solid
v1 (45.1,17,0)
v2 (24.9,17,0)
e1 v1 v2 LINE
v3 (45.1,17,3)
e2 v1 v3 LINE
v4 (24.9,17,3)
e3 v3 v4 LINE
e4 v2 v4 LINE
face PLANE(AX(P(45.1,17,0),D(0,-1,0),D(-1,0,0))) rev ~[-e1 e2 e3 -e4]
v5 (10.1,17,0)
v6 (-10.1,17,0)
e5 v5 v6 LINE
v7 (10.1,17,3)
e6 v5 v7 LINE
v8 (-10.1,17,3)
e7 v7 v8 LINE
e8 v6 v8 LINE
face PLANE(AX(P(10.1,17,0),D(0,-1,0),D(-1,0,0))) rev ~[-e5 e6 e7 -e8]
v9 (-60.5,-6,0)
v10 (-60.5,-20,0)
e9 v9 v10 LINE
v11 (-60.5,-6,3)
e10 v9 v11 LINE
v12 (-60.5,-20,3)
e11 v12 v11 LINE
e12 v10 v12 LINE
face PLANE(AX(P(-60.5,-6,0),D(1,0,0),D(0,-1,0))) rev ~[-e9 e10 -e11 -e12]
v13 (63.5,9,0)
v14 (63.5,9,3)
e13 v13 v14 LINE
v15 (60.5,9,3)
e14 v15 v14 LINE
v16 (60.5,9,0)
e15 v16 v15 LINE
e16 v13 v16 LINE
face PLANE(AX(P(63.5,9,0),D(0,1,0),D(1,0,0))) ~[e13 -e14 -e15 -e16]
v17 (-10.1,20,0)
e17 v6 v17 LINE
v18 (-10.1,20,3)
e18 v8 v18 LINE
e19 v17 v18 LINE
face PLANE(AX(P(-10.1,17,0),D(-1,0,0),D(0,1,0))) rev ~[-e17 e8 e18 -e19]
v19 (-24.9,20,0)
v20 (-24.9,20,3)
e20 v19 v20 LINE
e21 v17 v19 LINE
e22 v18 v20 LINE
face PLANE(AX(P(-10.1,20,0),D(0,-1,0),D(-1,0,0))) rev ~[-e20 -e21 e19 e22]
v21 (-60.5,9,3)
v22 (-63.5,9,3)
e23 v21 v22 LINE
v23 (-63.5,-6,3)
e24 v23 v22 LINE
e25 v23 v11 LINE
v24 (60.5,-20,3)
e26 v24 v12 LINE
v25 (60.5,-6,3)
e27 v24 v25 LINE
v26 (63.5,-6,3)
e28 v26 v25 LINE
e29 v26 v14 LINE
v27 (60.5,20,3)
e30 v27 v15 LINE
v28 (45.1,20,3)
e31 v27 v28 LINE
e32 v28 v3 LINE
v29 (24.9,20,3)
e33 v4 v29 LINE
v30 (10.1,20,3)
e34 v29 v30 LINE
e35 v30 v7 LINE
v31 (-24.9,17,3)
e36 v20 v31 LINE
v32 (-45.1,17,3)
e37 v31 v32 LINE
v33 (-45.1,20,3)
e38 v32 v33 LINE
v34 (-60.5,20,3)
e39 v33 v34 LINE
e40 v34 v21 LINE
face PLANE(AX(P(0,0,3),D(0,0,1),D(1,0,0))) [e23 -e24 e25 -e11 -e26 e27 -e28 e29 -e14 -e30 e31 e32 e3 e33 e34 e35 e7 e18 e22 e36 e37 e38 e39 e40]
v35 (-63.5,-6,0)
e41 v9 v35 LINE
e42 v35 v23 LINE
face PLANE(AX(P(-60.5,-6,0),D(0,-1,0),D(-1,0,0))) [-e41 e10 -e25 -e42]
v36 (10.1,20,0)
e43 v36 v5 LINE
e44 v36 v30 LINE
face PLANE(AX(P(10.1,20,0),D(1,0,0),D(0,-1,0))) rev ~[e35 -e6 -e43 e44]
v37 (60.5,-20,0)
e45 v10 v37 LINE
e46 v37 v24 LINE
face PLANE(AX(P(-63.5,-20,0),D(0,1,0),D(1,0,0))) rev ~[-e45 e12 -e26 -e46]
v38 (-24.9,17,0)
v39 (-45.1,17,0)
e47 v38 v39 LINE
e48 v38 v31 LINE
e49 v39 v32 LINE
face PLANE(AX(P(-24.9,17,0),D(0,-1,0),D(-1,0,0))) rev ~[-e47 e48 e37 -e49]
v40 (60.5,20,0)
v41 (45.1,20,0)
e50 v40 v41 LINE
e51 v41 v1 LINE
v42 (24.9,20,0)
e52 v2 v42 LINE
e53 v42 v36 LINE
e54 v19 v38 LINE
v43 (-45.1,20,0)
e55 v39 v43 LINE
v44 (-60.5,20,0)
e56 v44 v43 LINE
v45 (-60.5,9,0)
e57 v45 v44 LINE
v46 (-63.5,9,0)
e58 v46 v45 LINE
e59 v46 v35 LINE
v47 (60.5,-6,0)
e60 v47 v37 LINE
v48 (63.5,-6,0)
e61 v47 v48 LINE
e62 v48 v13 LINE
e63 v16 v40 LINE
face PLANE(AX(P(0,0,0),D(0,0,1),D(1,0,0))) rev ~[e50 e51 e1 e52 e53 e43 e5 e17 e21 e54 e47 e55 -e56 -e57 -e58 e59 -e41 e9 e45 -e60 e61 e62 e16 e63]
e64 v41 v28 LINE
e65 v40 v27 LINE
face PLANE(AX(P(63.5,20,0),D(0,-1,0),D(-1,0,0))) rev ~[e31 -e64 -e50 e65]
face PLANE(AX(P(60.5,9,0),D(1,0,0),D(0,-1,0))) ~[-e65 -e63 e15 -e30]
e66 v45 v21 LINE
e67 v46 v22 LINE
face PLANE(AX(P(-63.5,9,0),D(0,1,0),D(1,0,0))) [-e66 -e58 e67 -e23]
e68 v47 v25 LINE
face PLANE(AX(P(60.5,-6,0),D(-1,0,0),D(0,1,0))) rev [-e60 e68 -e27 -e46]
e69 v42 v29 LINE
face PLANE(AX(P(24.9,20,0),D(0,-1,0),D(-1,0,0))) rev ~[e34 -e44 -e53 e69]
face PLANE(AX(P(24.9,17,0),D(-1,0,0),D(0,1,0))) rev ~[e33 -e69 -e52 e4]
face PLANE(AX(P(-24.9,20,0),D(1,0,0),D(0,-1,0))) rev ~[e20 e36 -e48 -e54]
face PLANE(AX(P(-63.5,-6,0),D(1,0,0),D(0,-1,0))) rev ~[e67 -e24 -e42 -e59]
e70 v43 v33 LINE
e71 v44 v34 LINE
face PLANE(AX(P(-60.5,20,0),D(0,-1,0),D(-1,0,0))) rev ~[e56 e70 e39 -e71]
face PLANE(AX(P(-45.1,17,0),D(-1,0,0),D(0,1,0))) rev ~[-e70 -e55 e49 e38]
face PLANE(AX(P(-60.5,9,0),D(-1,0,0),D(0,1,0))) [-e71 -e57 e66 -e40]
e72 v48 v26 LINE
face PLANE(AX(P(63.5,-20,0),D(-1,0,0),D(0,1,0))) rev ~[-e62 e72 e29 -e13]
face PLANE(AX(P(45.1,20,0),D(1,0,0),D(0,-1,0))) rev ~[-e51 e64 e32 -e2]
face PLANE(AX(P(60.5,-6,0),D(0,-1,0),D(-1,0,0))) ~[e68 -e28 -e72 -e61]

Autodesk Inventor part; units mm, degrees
ref_plane "YZ Plane" through (0, 0, 0) normal (1, 0, 0) x (0, 1, 0)
ref_plane "XZ Plane" through (0, 0, 0) normal (0, 1, 0) x (-1, 0, 0)
ref_plane "XY Plane" through (0, 0, 0) normal (0, 0, 1) x (1, 0, 0)
sketch "Sketch1" plane through (0, 0, 0) normal (0, 0, 1) x (1, 0, 0)
  line L0 (-63.5, -20) -> (63.5, -20)
  line L1 (63.5, -20) -> (63.5, 20)
  line L2 (63.5, 20) -> (-63.5, 20)
  line L3 (-63.5, 20) -> (-63.5, -20)
  line L4 (-63.5, -20) -> (63.5, 20) construction
  line L5 (63.5, -20) -> (-63.5, 20) construction
  line L6 (-63.5, 9) -> (-60.5, 9)
  line L7 (-60.5, 9) -> (-60.5, -6) construction
  line L8 (-60.5, -6) -> (-63.5, -6)
  line L9 (-63.5, -6) -> (-63.5, 9)
  line L10 (-63.5, 9) -> (-60.5, -6) construction
  line L11 (-60.5, 9) -> (-63.5, -6) construction
  line L12 (-45.1, 20) -> (-24.9, 20)
  line L13 (-24.9, 20) -> (-24.9, 17)
  line L14 (-24.9, 17) -> (-45.1, 17)
  line L15 (-45.1, 17) -> (-45.1, 20)
  line L16 (-45.1, 20) -> (-24.9, 17) construction
  line L17 (-24.9, 20) -> (-45.1, 17) construction
  line L18 (-10.1, 20) -> (10.1, 20)
  line L19 (10.1, 20) -> (10.1, 17)
  line L20 (10.1, 17) -> (-10.1, 17)
  line L21 (-10.1, 17) -> (-10.1, 20)
  line L22 (-10.1, 20) -> (10.1, 17) construction
  line L23 (10.1, 20) -> (-10.1, 17) construction
  line L24 (24.9, 20) -> (45.1, 20)
  line L25 (45.1, 20) -> (45.1, 17)
  line L26 (45.1, 17) -> (24.9, 17)
  line L27 (24.9, 17) -> (24.9, 20)
  line L28 (24.9, 20) -> (45.1, 17) construction
  line L29 (45.1, 20) -> (24.9, 17) construction
  line L30 (-60.5, 9) -> (-60.5, 20)
  line L31 (-60.5, -6) -> (-60.5, -20)
  point P0 (0, 0)
  point P1 (-62, 1.5)
  point P2 (-63.5, 0)
  point P3 (-35, 18.5)
  point P4 (0, 18.5)
  point P5 (35, 18.5)
  point P6 (0, 20)
  point P7 (45.1, 20)
  point P8 (24.9, 20)
  point P9 (10.1, 20)
  point P10 (-45.1, 20)
  dimension "d0" = 127
  dimension "d1" = 40
  dimension "d2" = 3
  dimension "d3" = 15
  dimension "d4" = 20.2
  dimension "d5" = 3
  dimension "d6" = 20.2
  dimension "d7" = 3
  dimension "d8" = 20.2
  dimension "d9" = 3
  dimension "d10" = 35
  dimension "d11" = 35
  dimension "d16" = 1.5
extrude "Extrusion1" add sketch "Sketch1" along normal blind 3 contours L3 L8 L31 L0 | L31 L8 L3 L6 L30 L2 L15 L14 L13 L21 L20 L19 L27 L26 L25 L1 L0 | L3 L2 L30 L6
extrude "Extrusion2" cut sketch "Sketch1" along normal through all contours L3 L8 L31 L0 | L3 L2 L30 L6 | L25 L26 L27 L2 | L2 L13 L14 L15 | L19 L20 L21 L2
mirror "Mirror1" about plane through (0, 0, 0) normal (1, 0, 0) of "Extrusion2"
equation "\"d5\" = d2"
equation "\"d6\" = d4"
equation "\"d7\" = d5"
equation "\"d8\" = d6"
equation "\"d9\" = d7"
equation "\"d11\" = d10"
properties part number "bed_acrylic_upper_floort"
